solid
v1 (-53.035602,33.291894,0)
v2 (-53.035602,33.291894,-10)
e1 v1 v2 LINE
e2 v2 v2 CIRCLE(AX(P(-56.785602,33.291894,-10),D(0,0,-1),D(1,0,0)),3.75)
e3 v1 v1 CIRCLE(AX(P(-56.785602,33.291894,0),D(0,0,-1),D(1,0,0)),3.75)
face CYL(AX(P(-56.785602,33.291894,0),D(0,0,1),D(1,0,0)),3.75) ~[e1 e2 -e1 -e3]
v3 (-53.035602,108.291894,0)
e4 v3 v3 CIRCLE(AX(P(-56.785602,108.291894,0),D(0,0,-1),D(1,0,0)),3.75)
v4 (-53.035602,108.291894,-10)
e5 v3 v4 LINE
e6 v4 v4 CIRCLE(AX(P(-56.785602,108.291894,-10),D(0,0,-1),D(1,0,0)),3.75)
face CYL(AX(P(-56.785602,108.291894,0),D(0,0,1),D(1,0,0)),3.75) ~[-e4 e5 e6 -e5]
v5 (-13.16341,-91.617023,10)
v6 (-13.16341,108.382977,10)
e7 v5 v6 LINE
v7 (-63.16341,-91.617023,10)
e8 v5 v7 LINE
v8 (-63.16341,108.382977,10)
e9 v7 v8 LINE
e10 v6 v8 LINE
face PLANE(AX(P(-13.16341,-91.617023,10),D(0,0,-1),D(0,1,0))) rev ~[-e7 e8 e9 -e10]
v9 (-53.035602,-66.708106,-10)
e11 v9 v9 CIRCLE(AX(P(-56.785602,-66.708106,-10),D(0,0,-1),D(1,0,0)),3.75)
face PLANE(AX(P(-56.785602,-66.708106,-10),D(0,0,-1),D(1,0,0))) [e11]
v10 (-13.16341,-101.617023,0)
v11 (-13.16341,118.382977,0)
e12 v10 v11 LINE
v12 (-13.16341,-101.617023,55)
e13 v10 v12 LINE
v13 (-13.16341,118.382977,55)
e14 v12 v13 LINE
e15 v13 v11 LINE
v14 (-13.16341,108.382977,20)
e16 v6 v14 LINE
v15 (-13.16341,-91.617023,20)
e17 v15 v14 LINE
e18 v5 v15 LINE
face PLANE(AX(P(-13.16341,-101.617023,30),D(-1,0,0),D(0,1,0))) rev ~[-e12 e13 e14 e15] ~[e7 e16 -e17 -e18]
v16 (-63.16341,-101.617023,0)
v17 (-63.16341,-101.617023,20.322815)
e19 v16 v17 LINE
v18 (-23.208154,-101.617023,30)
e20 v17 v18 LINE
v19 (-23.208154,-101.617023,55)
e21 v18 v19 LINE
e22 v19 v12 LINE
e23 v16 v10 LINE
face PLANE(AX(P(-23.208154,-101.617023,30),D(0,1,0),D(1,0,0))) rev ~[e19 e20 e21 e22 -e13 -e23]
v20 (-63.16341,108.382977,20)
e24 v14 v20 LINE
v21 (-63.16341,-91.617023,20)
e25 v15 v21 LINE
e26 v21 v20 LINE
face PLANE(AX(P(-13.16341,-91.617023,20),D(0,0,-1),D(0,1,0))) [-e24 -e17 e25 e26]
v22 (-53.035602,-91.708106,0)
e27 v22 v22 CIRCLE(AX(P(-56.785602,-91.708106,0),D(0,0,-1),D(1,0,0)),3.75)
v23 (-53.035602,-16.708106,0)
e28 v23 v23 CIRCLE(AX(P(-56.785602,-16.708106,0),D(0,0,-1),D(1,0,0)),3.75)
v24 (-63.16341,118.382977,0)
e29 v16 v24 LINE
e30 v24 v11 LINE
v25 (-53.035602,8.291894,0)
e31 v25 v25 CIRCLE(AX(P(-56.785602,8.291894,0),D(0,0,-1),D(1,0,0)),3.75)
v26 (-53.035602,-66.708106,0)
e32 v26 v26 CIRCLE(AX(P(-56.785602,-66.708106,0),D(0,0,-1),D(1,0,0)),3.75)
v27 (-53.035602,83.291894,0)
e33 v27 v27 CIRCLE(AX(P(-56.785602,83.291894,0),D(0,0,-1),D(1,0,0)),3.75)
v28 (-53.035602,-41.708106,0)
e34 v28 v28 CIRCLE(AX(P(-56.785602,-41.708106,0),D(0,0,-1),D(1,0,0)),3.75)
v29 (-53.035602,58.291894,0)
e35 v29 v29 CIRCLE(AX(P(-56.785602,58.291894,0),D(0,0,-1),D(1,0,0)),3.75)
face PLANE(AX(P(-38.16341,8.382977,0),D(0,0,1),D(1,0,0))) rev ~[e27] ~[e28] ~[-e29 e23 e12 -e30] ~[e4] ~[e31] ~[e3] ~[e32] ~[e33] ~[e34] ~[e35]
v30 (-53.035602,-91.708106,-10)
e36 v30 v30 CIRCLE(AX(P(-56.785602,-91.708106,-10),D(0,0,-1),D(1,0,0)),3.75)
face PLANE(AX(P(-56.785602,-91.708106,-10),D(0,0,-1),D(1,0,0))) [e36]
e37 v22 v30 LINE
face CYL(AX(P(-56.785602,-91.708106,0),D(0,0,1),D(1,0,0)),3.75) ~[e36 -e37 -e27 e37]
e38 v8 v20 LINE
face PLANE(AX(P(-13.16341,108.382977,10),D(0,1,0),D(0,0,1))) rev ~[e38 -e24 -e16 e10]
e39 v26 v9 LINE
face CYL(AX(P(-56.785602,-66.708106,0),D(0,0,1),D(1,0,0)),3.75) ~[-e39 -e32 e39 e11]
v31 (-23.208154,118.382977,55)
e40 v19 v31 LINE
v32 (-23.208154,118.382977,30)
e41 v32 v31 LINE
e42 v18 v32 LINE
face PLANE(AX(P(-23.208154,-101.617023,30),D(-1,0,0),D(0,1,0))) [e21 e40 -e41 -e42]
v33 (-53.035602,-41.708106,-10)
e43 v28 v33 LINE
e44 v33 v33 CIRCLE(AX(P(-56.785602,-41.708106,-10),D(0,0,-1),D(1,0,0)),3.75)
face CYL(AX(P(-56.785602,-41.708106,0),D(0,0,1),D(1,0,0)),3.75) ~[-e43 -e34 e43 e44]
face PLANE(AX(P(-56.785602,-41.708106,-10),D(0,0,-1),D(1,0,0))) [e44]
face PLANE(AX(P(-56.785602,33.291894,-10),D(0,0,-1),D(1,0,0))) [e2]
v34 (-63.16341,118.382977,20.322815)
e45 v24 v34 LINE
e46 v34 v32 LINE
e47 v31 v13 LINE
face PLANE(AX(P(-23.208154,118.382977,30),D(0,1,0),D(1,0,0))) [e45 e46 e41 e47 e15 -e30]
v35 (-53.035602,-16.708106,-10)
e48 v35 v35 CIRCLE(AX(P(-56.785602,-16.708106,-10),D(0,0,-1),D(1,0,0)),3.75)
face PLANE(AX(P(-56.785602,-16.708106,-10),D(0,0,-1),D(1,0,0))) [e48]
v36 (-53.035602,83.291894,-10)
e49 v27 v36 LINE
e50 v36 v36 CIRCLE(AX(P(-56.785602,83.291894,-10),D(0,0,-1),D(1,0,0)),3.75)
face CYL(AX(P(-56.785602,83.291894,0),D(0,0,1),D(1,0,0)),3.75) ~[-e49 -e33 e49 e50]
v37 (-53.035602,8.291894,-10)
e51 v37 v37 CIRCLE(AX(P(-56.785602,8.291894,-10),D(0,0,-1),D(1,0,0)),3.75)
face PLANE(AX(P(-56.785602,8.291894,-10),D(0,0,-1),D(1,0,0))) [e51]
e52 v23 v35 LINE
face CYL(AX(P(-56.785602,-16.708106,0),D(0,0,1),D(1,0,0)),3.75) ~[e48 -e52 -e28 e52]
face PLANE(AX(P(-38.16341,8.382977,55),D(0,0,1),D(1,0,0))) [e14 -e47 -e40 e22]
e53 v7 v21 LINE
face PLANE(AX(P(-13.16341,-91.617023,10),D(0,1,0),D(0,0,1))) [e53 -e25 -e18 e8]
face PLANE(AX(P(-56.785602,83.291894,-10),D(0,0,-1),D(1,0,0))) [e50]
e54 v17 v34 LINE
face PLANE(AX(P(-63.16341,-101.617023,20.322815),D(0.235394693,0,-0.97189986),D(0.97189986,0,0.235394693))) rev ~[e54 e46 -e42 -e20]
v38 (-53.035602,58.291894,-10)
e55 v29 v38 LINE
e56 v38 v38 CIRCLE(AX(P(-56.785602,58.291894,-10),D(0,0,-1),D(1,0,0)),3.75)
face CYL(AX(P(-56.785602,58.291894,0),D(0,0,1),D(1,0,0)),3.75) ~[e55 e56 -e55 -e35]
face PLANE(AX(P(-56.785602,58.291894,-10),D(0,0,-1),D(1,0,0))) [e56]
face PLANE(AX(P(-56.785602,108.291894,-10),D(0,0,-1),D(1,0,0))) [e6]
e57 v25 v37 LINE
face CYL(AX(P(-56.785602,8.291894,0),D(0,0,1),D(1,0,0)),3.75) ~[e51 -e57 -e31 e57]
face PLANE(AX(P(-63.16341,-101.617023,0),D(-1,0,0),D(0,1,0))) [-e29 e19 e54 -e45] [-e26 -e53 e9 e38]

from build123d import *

# Parameters (mm, degrees)
F0_W     = 50
F0_H     = 220
F1_DEPTH = 30
F2_W     = 200.0000000022
F2_H     = 10
F3_DEPTH = 50
F5_DEPTH = 220
F6_DEPTH = 25
F7_R     = 3.75
F8_DEPTH = 10


with BuildPart() as f1:
    # F0 (on Top) → F1 (new body)
    with BuildSketch(Plane.XY):
        with Locations((-38.1634101286, 8.3829769865)):
            Rectangle(F0_W, F0_H)
    extrude(amount=F1_DEPTH)

    # F2 (on face) → F3 (cut, through all)
    with BuildSketch(Plane.YZ.offset(-13.1634101286)):
        with Locations((8.3829769876, 15)):
            Rectangle(F2_W, F2_H)
    extrude(amount=-F3_DEPTH, mode=Mode.SUBTRACT)

    # F4 (on face) → F5 (cut, through all)
    with BuildSketch(Plane.XZ.offset(101.6170230135)):
        Polygon((-63.1634101286, 30), (-63.1634101286, 20.3228145838), (-23.2081543654, 30), align=None)
    extrude(amount=-F5_DEPTH, mode=Mode.SUBTRACT)

    # F6 (add): a face of the model
    f6_faces = [f1.faces().sort_by_distance(p)[0] for p in [
        (-18.185782247, 8.3829769865, 30),
    ]]
    extrude(f6_faces, amount=F6_DEPTH)

    # F7 (on face) → F8 (join)
    with BuildSketch(Plane(origin=(0, 0, 0), x_dir=(1, 0, 0), z_dir=(0, 0, -1))):
        with Locations((-56.7856021225, -108.2918941975)):
            Circle(F7_R)
        with Locations((-56.7856021225, -83.2918941975)):
            Circle(F7_R)
        with Locations((-56.7856021225, -58.2918941975)):
            Circle(F7_R)
        with Locations((-56.7856021225, -33.2918941975)):
            Circle(F7_R)
        with Locations((-56.7856021225, -8.2918941975)):
            Circle(F7_R)
        with Locations((-56.7856021225, 16.7081058025)):
            Circle(F7_R)
        with Locations((-56.7856021225, 41.7081058025)):
            Circle(F7_R)
        with Locations((-56.7856021225, 66.7081058025)):
            Circle(F7_R)
        with Locations((-56.7856021225, 91.7081058025)):
            Circle(F7_R)
    extrude(amount=F8_DEPTH)


solid = f1.part
